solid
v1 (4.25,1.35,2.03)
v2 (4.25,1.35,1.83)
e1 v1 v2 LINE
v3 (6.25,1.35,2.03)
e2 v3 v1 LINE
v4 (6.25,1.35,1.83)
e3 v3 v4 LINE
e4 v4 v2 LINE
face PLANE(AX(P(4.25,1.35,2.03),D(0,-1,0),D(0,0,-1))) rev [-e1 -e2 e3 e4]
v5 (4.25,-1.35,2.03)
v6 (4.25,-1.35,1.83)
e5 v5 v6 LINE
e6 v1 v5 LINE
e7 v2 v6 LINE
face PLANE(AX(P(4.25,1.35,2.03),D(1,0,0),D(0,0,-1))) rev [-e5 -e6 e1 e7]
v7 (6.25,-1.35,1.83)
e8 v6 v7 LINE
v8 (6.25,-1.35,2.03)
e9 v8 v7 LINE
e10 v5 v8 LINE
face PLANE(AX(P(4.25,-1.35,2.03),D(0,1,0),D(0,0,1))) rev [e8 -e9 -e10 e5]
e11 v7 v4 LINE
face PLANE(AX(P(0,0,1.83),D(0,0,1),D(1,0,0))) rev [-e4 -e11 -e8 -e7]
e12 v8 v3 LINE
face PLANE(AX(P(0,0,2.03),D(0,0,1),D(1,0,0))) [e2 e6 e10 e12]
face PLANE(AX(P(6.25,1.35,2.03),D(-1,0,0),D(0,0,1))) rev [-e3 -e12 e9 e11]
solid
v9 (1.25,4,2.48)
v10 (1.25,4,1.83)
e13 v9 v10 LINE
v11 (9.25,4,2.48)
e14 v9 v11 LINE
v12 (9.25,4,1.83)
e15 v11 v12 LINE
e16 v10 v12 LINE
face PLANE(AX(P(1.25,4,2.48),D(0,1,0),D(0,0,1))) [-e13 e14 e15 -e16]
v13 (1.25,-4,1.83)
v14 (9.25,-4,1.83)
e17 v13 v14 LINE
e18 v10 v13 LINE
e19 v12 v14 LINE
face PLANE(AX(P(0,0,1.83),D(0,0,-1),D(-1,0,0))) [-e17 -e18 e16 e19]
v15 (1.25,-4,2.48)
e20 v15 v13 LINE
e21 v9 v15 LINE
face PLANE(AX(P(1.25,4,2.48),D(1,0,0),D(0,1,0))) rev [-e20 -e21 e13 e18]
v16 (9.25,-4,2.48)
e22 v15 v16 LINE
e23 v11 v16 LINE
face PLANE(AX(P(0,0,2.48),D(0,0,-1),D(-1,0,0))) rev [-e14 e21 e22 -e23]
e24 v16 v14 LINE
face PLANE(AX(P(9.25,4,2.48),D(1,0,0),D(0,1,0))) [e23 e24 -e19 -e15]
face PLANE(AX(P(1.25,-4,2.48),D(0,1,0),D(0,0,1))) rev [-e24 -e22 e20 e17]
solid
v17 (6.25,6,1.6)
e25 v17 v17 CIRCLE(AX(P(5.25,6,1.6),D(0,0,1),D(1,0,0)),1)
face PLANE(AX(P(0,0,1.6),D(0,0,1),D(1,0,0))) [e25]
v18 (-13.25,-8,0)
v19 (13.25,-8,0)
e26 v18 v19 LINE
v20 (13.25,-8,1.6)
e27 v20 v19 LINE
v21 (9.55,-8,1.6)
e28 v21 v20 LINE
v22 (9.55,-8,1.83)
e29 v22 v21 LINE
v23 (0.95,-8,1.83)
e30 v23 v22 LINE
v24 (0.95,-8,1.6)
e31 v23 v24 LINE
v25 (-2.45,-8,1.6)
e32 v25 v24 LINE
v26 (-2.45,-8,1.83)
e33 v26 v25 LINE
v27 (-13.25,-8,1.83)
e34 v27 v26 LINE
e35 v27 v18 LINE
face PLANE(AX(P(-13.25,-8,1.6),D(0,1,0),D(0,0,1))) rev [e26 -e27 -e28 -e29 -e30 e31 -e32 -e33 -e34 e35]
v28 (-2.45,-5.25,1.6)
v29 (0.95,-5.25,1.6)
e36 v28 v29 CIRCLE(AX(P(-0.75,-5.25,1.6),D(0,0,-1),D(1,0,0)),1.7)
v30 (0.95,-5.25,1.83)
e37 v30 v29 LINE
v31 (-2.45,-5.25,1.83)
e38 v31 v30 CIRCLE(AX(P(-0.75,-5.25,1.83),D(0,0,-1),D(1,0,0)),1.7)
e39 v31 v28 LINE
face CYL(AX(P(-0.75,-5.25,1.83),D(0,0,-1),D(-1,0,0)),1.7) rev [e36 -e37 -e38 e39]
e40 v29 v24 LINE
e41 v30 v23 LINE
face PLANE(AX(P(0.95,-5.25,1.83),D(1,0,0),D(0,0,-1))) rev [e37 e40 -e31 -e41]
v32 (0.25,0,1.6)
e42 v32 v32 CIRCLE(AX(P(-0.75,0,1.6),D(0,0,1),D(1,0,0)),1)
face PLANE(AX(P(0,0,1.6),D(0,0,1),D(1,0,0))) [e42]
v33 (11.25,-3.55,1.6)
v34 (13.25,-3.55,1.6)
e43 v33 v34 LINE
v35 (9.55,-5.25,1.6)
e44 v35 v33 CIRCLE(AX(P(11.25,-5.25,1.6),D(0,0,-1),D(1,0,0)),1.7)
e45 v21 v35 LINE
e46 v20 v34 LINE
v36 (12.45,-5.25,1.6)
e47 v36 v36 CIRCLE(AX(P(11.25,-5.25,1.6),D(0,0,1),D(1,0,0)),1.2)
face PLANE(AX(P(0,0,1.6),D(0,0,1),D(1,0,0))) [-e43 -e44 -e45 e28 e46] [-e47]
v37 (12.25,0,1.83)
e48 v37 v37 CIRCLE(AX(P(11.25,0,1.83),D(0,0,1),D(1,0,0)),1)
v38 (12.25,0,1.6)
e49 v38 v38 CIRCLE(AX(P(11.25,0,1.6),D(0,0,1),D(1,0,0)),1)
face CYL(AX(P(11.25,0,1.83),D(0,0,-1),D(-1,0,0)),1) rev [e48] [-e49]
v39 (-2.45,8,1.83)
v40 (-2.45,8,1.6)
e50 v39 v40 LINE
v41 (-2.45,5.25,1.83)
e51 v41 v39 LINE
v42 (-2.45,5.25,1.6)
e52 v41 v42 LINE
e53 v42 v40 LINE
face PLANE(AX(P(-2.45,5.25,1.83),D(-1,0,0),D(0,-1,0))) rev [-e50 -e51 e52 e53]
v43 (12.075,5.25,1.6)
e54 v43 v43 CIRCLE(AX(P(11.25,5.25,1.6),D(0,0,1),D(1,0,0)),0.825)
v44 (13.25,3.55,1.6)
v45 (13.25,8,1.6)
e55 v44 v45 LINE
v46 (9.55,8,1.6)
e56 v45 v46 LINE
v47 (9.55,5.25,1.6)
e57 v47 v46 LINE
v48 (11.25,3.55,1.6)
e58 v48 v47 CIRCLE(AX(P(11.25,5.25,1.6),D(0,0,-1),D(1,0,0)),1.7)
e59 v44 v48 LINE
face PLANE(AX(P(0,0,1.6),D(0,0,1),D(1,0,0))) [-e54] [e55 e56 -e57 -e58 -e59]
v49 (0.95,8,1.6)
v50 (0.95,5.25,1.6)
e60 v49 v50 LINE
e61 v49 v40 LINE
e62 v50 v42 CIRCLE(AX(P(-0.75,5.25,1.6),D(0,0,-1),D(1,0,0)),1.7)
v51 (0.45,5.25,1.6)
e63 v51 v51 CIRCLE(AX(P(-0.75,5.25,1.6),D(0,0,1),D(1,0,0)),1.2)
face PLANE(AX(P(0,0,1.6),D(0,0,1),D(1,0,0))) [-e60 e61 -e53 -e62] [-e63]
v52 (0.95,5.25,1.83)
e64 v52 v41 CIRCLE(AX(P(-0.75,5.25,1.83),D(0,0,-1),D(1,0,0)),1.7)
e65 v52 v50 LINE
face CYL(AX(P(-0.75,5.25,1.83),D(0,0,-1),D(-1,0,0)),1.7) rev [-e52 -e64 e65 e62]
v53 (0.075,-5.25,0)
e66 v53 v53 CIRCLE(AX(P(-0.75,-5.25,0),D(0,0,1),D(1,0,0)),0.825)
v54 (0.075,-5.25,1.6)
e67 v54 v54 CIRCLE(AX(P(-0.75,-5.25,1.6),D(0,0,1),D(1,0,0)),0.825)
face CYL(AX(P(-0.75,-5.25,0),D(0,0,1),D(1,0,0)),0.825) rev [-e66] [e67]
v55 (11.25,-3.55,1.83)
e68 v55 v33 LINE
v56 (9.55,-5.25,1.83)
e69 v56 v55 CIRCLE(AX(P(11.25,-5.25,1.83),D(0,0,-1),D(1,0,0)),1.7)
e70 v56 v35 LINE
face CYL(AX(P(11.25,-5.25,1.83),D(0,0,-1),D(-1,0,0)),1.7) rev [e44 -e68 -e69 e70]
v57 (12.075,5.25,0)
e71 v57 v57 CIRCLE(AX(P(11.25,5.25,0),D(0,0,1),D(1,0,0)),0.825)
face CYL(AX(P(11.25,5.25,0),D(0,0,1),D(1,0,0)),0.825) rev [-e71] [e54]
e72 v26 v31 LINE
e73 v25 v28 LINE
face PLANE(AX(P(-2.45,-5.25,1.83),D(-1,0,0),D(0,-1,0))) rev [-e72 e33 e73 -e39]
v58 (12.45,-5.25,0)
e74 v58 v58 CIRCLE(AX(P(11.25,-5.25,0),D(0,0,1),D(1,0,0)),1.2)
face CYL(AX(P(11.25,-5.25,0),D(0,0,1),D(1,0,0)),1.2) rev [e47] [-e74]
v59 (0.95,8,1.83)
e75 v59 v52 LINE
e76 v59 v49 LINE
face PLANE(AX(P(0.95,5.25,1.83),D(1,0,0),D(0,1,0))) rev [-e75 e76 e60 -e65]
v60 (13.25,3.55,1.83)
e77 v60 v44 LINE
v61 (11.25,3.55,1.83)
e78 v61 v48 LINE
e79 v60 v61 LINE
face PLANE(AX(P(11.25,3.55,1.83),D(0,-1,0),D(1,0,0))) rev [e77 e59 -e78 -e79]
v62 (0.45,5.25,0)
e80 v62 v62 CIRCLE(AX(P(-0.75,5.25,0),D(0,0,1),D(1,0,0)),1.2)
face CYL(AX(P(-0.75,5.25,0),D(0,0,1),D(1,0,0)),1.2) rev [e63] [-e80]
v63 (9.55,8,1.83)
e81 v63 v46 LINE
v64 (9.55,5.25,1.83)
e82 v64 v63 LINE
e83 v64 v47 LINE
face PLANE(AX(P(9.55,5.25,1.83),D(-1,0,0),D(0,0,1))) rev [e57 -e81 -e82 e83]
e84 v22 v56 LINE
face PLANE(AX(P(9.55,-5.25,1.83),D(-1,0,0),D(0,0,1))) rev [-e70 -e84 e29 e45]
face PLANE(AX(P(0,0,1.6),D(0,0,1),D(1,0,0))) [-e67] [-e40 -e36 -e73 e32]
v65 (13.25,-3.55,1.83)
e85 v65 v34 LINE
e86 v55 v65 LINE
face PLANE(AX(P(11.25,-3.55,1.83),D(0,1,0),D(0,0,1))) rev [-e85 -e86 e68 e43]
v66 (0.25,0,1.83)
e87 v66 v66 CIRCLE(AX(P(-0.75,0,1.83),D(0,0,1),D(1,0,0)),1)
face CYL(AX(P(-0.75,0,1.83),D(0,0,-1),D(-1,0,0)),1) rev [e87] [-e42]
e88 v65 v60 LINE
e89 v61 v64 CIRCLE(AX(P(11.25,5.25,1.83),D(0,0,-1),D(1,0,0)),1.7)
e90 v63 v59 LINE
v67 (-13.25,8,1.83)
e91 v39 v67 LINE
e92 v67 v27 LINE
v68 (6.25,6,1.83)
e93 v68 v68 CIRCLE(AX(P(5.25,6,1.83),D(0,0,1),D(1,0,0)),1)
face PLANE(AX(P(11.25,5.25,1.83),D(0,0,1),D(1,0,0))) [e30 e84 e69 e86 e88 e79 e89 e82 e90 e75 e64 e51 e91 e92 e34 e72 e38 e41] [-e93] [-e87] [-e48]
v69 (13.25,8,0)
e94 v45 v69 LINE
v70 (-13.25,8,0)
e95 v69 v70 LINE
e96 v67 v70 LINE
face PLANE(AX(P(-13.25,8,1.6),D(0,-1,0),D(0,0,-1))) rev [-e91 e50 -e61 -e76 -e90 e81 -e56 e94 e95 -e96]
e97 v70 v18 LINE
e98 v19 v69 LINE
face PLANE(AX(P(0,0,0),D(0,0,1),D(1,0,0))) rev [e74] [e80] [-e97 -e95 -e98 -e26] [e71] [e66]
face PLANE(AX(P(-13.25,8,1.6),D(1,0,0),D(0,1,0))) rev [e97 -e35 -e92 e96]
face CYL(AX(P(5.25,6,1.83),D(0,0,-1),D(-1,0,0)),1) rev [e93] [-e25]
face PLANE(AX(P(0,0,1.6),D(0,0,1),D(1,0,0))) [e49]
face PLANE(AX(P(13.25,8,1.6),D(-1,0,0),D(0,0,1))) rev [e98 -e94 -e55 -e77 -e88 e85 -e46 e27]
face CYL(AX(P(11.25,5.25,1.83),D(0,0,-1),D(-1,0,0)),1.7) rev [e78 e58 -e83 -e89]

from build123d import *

# Parameters (mm, degrees)
SKETCH1_W           = 26.5
SKETCH1_H           = 16
BOSS_EXTRUDE1_DEPTH = 1.6
SKETCH2_R           = 1.2
SKETCH2_R_2         = 0.825
CUT_EXTRUDE1_DEPTH  = 2.6
SKETCH3_R           = 1
BOSS_EXTRUDE2_DEPTH = 0.23
SKETCH4_W           = 2
SKETCH4_H           = 2.7
BOSS_EXTRUDE3_DEPTH = 0.2
SKETCH5_W           = 8
SKETCH5_H           = 8
BOSS_EXTRUDE4_DEPTH = 0.65


with BuildPart() as part:
    # Sketch1 → Boss-Extrude1 (new body)
    with BuildSketch(Plane.XY):
        Rectangle(SKETCH1_W, SKETCH1_H)
    extrude(amount=BOSS_EXTRUDE1_DEPTH)

    # Sketch2 → Cut-Extrude1 (cut, through all)
    with BuildSketch(Plane.XY.offset(1.6)):
        with Locations((-0.75, 5.25)):
            Circle(SKETCH2_R)
        with Locations((11.25, 5.25)):
            Circle(SKETCH2_R_2)
        with Locations((11.25, -5.25)):
            Circle(SKETCH2_R)
        with Locations((-0.75, -5.25)):
            Circle(SKETCH2_R_2)
    extrude(amount=-CUT_EXTRUDE1_DEPTH, mode=Mode.SUBTRACT)

    # Sketch3 → Boss-Extrude2 (add)
    with BuildSketch(Plane.XY.offset(1.6)):
        with BuildLine():
            Line((11.25, 3.55), (13.25, 3.55))
            Line((13.25, 3.55), (13.25, -3.55))
            Line((13.25, -3.55), (11.25, -3.55))
            ThreePointArc((11.25, -3.55), (10.047918472, -4.047918472), (9.55, -5.25))
            Line((9.55, -5.25), (9.55, -8))
            Line((9.55, -8), (0.95, -8))
            Line((0.95, -8), (0.95, -5.25))
            ThreePointArc((0.95, -5.25), (-0.75, -3.55), (-2.45, -5.25))
            Line((-2.45, -5.25), (-2.45, -8))
            Line((-2.45, -8), (-13.25, -8))
            Line((-13.25, -8), (-13.25, 8))
            Line((-13.25, 8), (-2.45, 8))
            Line((-2.45, 8), (-2.45, 5.25))
            ThreePointArc((-2.45, 5.25), (-0.75, 3.55), (0.95, 5.25))
            Line((0.95, 5.25), (0.95, 8))
            Line((0.95, 8), (9.55, 8))
            Line((9.55, 8), (9.55, 5.25))
            ThreePointArc((9.55, 5.25), (10.047918472, 4.047918472), (11.25, 3.55))
        make_face()
        with Locations((5.25, 6)):
            Circle(SKETCH3_R, mode=Mode.SUBTRACT)
        with Locations((11.25, 0)):
            Circle(SKETCH3_R, mode=Mode.SUBTRACT)
        with Locations((-0.75, 0)):
            Circle(SKETCH3_R, mode=Mode.SUBTRACT)
    extrude(amount=BOSS_EXTRUDE2_DEPTH)


with BuildPart() as body_2:
    # Sketch4 → Boss-Extrude3 (new body)
    with BuildSketch(Plane.XY.offset(1.83)):
        with Locations((5.25, 0)):
            Rectangle(SKETCH4_W, SKETCH4_H)
    extrude(amount=BOSS_EXTRUDE3_DEPTH)


with BuildPart() as body_3:
    # Sketch5 → Boss-Extrude4 (new body)
    with BuildSketch(Plane.XY.offset(1.83)):
        with Locations((5.25, 0)):
            Rectangle(SKETCH5_W, SKETCH5_H)
    extrude(amount=BOSS_EXTRUDE4_DEPTH)


solid = Compound([part.part, body_2.part, body_3.part])
